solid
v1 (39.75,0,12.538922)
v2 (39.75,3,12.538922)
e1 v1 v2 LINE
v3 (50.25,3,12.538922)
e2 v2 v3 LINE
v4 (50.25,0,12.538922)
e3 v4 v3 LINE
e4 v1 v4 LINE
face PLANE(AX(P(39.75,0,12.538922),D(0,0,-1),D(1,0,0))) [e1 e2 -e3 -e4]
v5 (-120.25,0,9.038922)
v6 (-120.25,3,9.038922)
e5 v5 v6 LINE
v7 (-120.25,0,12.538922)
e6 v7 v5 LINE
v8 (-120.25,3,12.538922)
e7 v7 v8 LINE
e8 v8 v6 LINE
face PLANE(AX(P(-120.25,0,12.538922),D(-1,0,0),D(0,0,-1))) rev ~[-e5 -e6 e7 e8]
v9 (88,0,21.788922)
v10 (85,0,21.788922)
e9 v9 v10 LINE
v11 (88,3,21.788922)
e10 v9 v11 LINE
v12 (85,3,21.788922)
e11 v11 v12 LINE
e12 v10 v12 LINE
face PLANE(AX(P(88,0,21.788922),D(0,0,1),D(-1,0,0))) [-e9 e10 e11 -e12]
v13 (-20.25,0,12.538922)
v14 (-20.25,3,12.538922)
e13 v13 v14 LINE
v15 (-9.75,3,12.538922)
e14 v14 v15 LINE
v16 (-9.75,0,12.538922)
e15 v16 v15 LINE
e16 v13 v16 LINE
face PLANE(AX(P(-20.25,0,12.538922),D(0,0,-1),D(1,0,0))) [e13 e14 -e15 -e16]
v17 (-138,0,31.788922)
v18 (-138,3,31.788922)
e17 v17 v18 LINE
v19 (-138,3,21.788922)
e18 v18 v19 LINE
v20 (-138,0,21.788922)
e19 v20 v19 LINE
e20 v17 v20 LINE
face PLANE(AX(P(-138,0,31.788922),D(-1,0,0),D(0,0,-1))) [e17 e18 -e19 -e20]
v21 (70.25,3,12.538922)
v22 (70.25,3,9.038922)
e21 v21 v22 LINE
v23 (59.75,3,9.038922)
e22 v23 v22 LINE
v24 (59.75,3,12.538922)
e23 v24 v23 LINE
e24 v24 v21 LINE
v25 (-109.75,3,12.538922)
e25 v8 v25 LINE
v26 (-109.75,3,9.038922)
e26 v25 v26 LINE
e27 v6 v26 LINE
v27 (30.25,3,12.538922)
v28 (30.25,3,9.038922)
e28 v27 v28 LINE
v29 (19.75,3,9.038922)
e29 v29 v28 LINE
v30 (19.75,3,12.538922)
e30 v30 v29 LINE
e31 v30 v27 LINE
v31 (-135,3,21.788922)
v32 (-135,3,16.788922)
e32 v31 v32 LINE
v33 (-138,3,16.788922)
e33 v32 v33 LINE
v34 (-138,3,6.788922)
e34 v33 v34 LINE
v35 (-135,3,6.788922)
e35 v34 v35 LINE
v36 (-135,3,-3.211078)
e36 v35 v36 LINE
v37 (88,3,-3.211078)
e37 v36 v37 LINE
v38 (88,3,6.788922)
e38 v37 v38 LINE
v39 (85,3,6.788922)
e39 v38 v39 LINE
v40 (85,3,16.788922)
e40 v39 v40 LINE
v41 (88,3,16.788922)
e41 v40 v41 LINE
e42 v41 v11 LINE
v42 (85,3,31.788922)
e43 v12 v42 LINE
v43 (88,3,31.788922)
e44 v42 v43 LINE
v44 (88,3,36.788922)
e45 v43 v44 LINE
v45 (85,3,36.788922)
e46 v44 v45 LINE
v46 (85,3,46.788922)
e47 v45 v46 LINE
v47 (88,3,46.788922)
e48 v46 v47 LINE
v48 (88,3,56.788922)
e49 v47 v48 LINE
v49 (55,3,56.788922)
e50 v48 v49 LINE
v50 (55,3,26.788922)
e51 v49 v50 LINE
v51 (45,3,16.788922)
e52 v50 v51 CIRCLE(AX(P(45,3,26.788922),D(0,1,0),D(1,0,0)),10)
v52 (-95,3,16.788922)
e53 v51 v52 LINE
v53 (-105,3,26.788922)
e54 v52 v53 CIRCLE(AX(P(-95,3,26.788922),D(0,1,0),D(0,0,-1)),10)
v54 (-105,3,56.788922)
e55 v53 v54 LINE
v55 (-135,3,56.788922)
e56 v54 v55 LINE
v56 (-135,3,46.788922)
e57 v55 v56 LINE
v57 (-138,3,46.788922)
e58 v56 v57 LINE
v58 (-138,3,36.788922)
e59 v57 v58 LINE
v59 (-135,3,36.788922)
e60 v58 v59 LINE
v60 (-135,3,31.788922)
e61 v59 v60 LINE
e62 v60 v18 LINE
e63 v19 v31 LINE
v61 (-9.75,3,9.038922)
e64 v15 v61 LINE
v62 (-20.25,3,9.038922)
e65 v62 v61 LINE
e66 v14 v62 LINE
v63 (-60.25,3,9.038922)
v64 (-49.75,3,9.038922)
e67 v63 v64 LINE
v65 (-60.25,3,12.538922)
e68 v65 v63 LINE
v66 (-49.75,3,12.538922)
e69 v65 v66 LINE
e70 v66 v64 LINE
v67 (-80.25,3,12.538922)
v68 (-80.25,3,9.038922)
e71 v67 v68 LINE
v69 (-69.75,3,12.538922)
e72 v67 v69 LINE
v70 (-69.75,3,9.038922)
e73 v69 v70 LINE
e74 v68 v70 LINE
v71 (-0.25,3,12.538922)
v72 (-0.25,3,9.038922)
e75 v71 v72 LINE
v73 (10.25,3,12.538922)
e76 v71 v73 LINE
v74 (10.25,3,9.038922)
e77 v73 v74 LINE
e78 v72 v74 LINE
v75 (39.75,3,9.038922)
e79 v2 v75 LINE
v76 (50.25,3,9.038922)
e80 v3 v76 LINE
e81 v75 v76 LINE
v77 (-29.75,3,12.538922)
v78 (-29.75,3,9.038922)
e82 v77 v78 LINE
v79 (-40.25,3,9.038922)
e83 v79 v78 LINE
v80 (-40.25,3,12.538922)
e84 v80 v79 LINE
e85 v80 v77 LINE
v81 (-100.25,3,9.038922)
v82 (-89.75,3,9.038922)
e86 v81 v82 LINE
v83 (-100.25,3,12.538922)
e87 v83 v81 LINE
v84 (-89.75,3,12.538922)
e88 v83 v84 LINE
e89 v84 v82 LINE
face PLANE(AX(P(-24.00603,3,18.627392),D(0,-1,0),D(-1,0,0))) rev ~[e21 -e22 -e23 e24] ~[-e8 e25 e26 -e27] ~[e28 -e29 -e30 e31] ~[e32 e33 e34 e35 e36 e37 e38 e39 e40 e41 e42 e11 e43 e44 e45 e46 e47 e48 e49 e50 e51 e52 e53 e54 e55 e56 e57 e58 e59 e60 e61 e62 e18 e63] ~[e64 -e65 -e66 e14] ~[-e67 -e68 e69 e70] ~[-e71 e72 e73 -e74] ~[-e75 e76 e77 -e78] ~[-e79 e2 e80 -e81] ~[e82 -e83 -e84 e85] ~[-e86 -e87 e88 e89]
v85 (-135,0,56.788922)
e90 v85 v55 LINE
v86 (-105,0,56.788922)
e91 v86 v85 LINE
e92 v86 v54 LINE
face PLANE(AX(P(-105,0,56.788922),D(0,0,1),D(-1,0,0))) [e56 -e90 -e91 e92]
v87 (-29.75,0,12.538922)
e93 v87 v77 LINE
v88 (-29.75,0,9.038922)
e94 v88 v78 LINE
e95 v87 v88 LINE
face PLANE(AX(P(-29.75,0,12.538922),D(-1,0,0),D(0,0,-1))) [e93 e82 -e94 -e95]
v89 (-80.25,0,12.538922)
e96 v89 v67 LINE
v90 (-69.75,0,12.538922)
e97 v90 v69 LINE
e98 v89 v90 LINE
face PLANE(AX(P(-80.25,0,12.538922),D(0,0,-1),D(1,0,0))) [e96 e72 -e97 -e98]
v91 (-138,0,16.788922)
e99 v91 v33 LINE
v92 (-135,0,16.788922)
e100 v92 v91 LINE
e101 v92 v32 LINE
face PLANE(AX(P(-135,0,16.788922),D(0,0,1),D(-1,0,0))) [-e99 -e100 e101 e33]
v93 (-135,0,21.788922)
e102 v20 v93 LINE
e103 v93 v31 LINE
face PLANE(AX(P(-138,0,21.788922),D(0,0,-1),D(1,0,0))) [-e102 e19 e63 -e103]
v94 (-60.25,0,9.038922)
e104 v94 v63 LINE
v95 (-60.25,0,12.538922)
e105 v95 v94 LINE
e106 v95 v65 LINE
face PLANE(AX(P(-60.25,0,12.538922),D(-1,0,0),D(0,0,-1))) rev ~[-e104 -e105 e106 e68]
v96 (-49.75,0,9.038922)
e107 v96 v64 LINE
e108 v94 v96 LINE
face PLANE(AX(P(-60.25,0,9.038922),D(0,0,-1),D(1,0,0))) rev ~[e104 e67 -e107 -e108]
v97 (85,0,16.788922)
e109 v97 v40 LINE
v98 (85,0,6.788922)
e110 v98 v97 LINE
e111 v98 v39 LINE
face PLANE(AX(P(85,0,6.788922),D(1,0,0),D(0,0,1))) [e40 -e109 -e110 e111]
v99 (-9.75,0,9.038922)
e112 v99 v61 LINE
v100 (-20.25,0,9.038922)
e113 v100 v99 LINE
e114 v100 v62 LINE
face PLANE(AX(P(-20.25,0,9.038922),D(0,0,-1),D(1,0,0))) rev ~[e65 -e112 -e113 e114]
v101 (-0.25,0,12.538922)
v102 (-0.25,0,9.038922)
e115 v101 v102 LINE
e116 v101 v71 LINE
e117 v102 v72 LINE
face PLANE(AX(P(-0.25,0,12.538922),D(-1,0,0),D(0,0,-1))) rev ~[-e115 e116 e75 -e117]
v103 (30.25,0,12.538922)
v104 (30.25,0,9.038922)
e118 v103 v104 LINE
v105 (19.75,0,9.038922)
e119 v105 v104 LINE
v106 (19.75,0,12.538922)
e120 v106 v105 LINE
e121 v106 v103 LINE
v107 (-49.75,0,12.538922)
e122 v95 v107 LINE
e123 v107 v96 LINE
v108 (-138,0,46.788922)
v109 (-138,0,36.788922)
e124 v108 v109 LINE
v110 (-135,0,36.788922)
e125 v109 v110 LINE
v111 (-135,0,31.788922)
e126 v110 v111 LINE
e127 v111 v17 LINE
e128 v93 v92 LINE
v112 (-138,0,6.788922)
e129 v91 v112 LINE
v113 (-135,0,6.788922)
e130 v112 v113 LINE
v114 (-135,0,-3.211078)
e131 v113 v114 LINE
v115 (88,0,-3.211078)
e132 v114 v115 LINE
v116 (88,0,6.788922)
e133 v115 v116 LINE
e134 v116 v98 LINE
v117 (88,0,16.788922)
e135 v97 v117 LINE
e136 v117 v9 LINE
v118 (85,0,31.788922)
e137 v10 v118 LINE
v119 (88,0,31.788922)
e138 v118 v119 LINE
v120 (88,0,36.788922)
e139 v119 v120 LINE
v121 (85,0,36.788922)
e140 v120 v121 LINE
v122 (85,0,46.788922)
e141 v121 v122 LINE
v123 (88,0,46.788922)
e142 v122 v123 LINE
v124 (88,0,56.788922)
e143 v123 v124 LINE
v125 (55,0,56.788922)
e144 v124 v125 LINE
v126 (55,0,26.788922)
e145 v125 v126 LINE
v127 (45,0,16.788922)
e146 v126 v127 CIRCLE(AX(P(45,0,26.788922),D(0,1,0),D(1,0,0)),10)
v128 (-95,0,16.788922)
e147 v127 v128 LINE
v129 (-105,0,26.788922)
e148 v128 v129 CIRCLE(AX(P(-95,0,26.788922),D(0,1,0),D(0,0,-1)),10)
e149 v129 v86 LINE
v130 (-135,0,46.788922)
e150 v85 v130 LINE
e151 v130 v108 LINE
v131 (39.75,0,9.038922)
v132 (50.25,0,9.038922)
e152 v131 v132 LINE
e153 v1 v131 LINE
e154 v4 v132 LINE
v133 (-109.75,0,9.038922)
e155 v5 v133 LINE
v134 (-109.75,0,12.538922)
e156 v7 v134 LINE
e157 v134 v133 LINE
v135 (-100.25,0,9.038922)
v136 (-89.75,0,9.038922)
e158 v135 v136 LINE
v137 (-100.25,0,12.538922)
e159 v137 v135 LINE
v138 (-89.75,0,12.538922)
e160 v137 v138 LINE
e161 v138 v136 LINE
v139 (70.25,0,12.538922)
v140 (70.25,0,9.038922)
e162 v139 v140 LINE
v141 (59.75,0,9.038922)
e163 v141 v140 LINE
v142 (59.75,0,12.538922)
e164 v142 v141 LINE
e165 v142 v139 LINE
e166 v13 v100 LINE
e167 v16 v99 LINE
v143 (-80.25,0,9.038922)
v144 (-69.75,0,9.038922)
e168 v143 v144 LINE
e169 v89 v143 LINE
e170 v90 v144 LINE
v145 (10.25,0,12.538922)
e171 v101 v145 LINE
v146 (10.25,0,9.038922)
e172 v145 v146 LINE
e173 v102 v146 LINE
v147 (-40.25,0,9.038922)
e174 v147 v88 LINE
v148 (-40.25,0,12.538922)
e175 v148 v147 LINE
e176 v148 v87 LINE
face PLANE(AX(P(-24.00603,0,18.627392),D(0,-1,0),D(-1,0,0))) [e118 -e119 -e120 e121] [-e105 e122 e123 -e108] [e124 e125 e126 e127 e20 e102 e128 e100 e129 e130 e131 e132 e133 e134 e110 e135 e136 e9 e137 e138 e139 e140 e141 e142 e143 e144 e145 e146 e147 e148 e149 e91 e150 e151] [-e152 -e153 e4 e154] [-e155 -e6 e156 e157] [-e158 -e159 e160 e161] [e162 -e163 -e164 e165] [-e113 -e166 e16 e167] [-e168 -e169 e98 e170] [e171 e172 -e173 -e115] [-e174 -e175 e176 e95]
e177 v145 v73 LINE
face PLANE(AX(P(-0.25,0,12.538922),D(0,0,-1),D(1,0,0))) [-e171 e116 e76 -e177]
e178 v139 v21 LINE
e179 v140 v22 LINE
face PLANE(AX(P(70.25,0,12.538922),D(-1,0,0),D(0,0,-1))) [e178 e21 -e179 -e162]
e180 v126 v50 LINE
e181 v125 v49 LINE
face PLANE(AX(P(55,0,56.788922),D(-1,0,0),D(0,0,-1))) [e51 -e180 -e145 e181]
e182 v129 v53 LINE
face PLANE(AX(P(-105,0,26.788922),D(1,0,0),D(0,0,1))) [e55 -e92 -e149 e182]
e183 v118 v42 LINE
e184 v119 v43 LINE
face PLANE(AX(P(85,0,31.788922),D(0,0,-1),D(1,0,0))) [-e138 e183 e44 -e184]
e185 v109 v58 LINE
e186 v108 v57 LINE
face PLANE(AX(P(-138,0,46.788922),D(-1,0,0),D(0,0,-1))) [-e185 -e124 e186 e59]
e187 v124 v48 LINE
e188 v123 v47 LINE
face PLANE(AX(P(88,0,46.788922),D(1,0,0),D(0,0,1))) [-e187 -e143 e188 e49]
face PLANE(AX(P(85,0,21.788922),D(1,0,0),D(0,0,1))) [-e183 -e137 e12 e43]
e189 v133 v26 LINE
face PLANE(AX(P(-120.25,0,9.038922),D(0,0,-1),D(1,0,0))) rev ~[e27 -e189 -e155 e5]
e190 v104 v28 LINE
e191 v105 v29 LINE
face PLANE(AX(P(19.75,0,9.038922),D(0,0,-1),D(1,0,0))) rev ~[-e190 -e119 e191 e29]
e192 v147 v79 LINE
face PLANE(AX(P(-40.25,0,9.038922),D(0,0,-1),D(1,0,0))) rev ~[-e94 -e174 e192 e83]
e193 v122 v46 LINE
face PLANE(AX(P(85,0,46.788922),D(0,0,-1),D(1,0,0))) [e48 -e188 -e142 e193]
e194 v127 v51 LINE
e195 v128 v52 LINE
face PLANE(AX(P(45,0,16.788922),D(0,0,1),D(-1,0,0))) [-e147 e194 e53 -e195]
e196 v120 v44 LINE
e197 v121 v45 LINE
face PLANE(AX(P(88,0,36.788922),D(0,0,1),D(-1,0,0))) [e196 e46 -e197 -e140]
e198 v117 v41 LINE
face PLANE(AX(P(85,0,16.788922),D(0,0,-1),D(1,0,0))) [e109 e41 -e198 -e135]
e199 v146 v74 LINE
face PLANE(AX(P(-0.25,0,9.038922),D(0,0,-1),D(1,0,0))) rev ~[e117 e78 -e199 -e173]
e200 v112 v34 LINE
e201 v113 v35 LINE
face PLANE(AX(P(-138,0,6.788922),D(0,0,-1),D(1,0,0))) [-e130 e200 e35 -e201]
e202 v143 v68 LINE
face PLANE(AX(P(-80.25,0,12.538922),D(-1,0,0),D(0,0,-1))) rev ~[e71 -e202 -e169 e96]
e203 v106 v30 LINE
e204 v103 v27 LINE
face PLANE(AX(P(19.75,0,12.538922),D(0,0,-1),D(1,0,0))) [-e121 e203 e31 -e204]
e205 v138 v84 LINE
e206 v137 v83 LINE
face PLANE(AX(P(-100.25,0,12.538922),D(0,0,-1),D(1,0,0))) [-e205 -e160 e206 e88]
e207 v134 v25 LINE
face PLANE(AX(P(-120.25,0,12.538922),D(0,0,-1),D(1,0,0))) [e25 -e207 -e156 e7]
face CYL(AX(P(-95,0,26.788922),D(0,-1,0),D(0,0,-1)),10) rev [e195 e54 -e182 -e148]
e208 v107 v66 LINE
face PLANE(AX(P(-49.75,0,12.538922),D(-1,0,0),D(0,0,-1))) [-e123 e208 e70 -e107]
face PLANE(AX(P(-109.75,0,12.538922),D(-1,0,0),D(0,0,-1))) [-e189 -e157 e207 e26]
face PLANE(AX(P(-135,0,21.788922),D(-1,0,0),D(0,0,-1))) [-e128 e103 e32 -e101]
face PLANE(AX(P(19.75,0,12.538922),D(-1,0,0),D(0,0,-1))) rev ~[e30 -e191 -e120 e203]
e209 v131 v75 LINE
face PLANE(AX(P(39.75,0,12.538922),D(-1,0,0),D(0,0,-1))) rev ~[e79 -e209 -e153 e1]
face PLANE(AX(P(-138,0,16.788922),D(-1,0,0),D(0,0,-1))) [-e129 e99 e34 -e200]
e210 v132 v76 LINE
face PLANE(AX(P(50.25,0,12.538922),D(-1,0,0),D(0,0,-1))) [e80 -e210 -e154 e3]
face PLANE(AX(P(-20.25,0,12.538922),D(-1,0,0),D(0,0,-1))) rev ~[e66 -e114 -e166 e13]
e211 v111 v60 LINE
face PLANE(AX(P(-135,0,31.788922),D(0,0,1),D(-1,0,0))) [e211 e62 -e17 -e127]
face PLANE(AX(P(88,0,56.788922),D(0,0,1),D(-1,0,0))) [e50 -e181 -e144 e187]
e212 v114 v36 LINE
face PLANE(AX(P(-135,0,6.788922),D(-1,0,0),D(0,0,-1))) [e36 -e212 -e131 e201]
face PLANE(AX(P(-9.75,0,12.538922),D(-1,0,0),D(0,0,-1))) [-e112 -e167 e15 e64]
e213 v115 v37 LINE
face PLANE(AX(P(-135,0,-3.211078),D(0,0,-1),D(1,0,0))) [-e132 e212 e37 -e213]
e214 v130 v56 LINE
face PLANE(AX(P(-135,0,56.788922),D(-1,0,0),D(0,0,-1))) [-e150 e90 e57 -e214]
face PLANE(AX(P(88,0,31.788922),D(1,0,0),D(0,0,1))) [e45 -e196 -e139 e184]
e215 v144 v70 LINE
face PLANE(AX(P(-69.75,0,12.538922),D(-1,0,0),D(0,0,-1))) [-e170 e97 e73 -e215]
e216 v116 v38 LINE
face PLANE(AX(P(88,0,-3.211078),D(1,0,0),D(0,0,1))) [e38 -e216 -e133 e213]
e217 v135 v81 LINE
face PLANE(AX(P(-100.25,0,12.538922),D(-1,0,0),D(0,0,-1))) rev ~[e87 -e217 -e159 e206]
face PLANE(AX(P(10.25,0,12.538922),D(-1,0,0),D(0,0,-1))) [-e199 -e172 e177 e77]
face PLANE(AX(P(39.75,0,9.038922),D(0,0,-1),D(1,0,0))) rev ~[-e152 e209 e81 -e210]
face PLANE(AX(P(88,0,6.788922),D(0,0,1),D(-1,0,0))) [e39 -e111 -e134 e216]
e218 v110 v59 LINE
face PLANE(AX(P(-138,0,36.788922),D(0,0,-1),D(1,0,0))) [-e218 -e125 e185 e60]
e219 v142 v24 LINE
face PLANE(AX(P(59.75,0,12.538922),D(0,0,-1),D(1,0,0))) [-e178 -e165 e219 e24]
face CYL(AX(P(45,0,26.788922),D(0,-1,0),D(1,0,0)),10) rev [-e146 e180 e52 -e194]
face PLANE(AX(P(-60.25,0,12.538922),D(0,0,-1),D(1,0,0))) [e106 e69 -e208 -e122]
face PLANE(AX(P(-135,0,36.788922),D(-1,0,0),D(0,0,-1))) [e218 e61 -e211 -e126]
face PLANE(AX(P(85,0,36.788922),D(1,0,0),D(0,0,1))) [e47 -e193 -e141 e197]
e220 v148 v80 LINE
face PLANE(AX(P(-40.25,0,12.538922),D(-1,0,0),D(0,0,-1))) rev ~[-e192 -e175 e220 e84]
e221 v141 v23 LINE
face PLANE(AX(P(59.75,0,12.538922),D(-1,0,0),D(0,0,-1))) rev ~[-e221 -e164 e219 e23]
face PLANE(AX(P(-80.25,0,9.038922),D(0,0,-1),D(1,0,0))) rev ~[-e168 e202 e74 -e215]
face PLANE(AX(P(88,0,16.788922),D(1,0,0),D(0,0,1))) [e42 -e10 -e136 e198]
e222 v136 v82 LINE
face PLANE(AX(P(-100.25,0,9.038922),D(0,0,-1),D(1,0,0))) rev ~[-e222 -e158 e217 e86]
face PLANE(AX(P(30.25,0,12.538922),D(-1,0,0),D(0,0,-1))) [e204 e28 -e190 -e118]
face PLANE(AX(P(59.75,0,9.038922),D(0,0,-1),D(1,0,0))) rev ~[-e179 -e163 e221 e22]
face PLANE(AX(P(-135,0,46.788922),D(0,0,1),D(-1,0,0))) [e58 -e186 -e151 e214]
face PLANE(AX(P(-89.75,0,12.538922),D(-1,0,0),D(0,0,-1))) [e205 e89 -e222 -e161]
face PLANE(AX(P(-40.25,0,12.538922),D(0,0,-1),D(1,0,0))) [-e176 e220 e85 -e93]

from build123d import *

# Parameters (mm, degrees)
EXTRUDE_1_DEPTH     = 3
SKETCH_2_W          = 10.5
SKETCH_2_H          = 3.5
CUT_EXTRUDE_1_DEPTH = 150.258104234


with BuildPart() as part:
    # Эскиз1 → Бобышка-Вытянуть1 (new body)
    with BuildSketch(Plane(origin=(0, 0, 0), x_dir=(1, 0, 0), z_dir=(0, 1, 0))):
        with BuildLine():
            Line((-135, -31.788922156), (-138, -31.788922156))
            Line((-138, -31.788922156), (-138, -21.788922156))
            Line((-138, -21.788922156), (-135, -21.788922156))
            Line((-135, -21.788922156), (-135, -16.788922156))
            Line((-135, -16.788922156), (-138, -16.788922156))
            Line((-138, -16.788922156), (-138, -6.788922156))
            Line((-138, -6.788922156), (-135, -6.788922156))
            Line((-135, -6.788922156), (-135, 3.211077844))
            Line((-135, 3.211077844), (-125, 3.211077844))
            Line((-125, 3.211077844), (75, 3.211077844))
            Line((75, 3.211077844), (85, 3.211077844))
            Line((85, 3.211077844), (88, 3.211077844))
            Line((88, 3.211077844), (88, -6.788922156))
            Line((88, -6.788922156), (85, -6.788922156))
            Line((85, -6.788922156), (85, -16.788922156))
            Line((85, -16.788922156), (88, -16.788922156))
            Line((88, -16.788922156), (88, -21.788922156))
            Line((88, -21.788922156), (85, -21.788922156))
            Line((85, -21.788922156), (85, -31.788922156))
            Line((85, -31.788922156), (88, -31.788922156))
            Line((88, -31.788922156), (88, -36.788922156))
            Line((88, -36.788922156), (85, -36.788922156))
            Line((85, -36.788922156), (85, -46.788922156))
            Line((85, -46.788922156), (88, -46.788922156))
            Line((88, -46.788922156), (88, -56.788922156))
            Line((88, -56.788922156), (85, -56.788922156))
            Line((85, -56.788922156), (55, -56.788922156))
            Line((55, -56.788922156), (55, -26.788922156))
            ThreePointArc((55, -26.788922156), (52.071067812, -19.717854344), (45, -16.788922156))
            Line((45, -16.788922156), (-95, -16.788922156))
            ThreePointArc((-95, -16.788922156), (-102.071067812, -19.717854344), (-105, -26.788922156))
            Line((-105, -26.788922156), (-105, -56.788922156))
            Line((-105, -56.788922156), (-135, -56.788922156))
            Line((-135, -56.788922156), (-135, -46.788922156))
            Line((-135, -46.788922156), (-138, -46.788922156))
            Line((-138, -46.788922156), (-138, -36.788922156))
            Line((-138, -36.788922156), (-135, -36.788922156))
            Line((-135, -36.788922156), (-135, -31.788922156))
        make_face()
    extrude(amount=EXTRUDE_1_DEPTH)

    # Эскиз2 → Вырез-Вытянуть1 (cut, through all)
    with BuildSketch(Plane(origin=(0, 0, 0), x_dir=(1, 0, 0), z_dir=(0, 1, 0))):
        with Locations((-115, -10.788922156)):
            Rectangle(SKETCH_2_W, SKETCH_2_H)
        with Locations((-95, -10.788922156)):
            Rectangle(SKETCH_2_W, SKETCH_2_H)
        with Locations((-75, -10.788922156)):
            Rectangle(SKETCH_2_W, SKETCH_2_H)
        with Locations((-55, -10.788922156)):
            Rectangle(SKETCH_2_W, SKETCH_2_H)
        with Locations((-35, -10.788922156)):
            Rectangle(SKETCH_2_W, SKETCH_2_H)
        with Locations((-15, -10.788922156)):
            Rectangle(SKETCH_2_W, SKETCH_2_H)
        with Locations((5, -10.788922156)):
            Rectangle(SKETCH_2_W, SKETCH_2_H)
        with Locations((25, -10.788922156)):
            Rectangle(SKETCH_2_W, SKETCH_2_H)
        with Locations((45, -10.788922156)):
            Rectangle(SKETCH_2_W, SKETCH_2_H)
        with Locations((65, -10.788922156)):
            Rectangle(SKETCH_2_W, SKETCH_2_H)
    extrude(amount=CUT_EXTRUDE_1_DEPTH, mode=Mode.SUBTRACT)


solid = part.part
